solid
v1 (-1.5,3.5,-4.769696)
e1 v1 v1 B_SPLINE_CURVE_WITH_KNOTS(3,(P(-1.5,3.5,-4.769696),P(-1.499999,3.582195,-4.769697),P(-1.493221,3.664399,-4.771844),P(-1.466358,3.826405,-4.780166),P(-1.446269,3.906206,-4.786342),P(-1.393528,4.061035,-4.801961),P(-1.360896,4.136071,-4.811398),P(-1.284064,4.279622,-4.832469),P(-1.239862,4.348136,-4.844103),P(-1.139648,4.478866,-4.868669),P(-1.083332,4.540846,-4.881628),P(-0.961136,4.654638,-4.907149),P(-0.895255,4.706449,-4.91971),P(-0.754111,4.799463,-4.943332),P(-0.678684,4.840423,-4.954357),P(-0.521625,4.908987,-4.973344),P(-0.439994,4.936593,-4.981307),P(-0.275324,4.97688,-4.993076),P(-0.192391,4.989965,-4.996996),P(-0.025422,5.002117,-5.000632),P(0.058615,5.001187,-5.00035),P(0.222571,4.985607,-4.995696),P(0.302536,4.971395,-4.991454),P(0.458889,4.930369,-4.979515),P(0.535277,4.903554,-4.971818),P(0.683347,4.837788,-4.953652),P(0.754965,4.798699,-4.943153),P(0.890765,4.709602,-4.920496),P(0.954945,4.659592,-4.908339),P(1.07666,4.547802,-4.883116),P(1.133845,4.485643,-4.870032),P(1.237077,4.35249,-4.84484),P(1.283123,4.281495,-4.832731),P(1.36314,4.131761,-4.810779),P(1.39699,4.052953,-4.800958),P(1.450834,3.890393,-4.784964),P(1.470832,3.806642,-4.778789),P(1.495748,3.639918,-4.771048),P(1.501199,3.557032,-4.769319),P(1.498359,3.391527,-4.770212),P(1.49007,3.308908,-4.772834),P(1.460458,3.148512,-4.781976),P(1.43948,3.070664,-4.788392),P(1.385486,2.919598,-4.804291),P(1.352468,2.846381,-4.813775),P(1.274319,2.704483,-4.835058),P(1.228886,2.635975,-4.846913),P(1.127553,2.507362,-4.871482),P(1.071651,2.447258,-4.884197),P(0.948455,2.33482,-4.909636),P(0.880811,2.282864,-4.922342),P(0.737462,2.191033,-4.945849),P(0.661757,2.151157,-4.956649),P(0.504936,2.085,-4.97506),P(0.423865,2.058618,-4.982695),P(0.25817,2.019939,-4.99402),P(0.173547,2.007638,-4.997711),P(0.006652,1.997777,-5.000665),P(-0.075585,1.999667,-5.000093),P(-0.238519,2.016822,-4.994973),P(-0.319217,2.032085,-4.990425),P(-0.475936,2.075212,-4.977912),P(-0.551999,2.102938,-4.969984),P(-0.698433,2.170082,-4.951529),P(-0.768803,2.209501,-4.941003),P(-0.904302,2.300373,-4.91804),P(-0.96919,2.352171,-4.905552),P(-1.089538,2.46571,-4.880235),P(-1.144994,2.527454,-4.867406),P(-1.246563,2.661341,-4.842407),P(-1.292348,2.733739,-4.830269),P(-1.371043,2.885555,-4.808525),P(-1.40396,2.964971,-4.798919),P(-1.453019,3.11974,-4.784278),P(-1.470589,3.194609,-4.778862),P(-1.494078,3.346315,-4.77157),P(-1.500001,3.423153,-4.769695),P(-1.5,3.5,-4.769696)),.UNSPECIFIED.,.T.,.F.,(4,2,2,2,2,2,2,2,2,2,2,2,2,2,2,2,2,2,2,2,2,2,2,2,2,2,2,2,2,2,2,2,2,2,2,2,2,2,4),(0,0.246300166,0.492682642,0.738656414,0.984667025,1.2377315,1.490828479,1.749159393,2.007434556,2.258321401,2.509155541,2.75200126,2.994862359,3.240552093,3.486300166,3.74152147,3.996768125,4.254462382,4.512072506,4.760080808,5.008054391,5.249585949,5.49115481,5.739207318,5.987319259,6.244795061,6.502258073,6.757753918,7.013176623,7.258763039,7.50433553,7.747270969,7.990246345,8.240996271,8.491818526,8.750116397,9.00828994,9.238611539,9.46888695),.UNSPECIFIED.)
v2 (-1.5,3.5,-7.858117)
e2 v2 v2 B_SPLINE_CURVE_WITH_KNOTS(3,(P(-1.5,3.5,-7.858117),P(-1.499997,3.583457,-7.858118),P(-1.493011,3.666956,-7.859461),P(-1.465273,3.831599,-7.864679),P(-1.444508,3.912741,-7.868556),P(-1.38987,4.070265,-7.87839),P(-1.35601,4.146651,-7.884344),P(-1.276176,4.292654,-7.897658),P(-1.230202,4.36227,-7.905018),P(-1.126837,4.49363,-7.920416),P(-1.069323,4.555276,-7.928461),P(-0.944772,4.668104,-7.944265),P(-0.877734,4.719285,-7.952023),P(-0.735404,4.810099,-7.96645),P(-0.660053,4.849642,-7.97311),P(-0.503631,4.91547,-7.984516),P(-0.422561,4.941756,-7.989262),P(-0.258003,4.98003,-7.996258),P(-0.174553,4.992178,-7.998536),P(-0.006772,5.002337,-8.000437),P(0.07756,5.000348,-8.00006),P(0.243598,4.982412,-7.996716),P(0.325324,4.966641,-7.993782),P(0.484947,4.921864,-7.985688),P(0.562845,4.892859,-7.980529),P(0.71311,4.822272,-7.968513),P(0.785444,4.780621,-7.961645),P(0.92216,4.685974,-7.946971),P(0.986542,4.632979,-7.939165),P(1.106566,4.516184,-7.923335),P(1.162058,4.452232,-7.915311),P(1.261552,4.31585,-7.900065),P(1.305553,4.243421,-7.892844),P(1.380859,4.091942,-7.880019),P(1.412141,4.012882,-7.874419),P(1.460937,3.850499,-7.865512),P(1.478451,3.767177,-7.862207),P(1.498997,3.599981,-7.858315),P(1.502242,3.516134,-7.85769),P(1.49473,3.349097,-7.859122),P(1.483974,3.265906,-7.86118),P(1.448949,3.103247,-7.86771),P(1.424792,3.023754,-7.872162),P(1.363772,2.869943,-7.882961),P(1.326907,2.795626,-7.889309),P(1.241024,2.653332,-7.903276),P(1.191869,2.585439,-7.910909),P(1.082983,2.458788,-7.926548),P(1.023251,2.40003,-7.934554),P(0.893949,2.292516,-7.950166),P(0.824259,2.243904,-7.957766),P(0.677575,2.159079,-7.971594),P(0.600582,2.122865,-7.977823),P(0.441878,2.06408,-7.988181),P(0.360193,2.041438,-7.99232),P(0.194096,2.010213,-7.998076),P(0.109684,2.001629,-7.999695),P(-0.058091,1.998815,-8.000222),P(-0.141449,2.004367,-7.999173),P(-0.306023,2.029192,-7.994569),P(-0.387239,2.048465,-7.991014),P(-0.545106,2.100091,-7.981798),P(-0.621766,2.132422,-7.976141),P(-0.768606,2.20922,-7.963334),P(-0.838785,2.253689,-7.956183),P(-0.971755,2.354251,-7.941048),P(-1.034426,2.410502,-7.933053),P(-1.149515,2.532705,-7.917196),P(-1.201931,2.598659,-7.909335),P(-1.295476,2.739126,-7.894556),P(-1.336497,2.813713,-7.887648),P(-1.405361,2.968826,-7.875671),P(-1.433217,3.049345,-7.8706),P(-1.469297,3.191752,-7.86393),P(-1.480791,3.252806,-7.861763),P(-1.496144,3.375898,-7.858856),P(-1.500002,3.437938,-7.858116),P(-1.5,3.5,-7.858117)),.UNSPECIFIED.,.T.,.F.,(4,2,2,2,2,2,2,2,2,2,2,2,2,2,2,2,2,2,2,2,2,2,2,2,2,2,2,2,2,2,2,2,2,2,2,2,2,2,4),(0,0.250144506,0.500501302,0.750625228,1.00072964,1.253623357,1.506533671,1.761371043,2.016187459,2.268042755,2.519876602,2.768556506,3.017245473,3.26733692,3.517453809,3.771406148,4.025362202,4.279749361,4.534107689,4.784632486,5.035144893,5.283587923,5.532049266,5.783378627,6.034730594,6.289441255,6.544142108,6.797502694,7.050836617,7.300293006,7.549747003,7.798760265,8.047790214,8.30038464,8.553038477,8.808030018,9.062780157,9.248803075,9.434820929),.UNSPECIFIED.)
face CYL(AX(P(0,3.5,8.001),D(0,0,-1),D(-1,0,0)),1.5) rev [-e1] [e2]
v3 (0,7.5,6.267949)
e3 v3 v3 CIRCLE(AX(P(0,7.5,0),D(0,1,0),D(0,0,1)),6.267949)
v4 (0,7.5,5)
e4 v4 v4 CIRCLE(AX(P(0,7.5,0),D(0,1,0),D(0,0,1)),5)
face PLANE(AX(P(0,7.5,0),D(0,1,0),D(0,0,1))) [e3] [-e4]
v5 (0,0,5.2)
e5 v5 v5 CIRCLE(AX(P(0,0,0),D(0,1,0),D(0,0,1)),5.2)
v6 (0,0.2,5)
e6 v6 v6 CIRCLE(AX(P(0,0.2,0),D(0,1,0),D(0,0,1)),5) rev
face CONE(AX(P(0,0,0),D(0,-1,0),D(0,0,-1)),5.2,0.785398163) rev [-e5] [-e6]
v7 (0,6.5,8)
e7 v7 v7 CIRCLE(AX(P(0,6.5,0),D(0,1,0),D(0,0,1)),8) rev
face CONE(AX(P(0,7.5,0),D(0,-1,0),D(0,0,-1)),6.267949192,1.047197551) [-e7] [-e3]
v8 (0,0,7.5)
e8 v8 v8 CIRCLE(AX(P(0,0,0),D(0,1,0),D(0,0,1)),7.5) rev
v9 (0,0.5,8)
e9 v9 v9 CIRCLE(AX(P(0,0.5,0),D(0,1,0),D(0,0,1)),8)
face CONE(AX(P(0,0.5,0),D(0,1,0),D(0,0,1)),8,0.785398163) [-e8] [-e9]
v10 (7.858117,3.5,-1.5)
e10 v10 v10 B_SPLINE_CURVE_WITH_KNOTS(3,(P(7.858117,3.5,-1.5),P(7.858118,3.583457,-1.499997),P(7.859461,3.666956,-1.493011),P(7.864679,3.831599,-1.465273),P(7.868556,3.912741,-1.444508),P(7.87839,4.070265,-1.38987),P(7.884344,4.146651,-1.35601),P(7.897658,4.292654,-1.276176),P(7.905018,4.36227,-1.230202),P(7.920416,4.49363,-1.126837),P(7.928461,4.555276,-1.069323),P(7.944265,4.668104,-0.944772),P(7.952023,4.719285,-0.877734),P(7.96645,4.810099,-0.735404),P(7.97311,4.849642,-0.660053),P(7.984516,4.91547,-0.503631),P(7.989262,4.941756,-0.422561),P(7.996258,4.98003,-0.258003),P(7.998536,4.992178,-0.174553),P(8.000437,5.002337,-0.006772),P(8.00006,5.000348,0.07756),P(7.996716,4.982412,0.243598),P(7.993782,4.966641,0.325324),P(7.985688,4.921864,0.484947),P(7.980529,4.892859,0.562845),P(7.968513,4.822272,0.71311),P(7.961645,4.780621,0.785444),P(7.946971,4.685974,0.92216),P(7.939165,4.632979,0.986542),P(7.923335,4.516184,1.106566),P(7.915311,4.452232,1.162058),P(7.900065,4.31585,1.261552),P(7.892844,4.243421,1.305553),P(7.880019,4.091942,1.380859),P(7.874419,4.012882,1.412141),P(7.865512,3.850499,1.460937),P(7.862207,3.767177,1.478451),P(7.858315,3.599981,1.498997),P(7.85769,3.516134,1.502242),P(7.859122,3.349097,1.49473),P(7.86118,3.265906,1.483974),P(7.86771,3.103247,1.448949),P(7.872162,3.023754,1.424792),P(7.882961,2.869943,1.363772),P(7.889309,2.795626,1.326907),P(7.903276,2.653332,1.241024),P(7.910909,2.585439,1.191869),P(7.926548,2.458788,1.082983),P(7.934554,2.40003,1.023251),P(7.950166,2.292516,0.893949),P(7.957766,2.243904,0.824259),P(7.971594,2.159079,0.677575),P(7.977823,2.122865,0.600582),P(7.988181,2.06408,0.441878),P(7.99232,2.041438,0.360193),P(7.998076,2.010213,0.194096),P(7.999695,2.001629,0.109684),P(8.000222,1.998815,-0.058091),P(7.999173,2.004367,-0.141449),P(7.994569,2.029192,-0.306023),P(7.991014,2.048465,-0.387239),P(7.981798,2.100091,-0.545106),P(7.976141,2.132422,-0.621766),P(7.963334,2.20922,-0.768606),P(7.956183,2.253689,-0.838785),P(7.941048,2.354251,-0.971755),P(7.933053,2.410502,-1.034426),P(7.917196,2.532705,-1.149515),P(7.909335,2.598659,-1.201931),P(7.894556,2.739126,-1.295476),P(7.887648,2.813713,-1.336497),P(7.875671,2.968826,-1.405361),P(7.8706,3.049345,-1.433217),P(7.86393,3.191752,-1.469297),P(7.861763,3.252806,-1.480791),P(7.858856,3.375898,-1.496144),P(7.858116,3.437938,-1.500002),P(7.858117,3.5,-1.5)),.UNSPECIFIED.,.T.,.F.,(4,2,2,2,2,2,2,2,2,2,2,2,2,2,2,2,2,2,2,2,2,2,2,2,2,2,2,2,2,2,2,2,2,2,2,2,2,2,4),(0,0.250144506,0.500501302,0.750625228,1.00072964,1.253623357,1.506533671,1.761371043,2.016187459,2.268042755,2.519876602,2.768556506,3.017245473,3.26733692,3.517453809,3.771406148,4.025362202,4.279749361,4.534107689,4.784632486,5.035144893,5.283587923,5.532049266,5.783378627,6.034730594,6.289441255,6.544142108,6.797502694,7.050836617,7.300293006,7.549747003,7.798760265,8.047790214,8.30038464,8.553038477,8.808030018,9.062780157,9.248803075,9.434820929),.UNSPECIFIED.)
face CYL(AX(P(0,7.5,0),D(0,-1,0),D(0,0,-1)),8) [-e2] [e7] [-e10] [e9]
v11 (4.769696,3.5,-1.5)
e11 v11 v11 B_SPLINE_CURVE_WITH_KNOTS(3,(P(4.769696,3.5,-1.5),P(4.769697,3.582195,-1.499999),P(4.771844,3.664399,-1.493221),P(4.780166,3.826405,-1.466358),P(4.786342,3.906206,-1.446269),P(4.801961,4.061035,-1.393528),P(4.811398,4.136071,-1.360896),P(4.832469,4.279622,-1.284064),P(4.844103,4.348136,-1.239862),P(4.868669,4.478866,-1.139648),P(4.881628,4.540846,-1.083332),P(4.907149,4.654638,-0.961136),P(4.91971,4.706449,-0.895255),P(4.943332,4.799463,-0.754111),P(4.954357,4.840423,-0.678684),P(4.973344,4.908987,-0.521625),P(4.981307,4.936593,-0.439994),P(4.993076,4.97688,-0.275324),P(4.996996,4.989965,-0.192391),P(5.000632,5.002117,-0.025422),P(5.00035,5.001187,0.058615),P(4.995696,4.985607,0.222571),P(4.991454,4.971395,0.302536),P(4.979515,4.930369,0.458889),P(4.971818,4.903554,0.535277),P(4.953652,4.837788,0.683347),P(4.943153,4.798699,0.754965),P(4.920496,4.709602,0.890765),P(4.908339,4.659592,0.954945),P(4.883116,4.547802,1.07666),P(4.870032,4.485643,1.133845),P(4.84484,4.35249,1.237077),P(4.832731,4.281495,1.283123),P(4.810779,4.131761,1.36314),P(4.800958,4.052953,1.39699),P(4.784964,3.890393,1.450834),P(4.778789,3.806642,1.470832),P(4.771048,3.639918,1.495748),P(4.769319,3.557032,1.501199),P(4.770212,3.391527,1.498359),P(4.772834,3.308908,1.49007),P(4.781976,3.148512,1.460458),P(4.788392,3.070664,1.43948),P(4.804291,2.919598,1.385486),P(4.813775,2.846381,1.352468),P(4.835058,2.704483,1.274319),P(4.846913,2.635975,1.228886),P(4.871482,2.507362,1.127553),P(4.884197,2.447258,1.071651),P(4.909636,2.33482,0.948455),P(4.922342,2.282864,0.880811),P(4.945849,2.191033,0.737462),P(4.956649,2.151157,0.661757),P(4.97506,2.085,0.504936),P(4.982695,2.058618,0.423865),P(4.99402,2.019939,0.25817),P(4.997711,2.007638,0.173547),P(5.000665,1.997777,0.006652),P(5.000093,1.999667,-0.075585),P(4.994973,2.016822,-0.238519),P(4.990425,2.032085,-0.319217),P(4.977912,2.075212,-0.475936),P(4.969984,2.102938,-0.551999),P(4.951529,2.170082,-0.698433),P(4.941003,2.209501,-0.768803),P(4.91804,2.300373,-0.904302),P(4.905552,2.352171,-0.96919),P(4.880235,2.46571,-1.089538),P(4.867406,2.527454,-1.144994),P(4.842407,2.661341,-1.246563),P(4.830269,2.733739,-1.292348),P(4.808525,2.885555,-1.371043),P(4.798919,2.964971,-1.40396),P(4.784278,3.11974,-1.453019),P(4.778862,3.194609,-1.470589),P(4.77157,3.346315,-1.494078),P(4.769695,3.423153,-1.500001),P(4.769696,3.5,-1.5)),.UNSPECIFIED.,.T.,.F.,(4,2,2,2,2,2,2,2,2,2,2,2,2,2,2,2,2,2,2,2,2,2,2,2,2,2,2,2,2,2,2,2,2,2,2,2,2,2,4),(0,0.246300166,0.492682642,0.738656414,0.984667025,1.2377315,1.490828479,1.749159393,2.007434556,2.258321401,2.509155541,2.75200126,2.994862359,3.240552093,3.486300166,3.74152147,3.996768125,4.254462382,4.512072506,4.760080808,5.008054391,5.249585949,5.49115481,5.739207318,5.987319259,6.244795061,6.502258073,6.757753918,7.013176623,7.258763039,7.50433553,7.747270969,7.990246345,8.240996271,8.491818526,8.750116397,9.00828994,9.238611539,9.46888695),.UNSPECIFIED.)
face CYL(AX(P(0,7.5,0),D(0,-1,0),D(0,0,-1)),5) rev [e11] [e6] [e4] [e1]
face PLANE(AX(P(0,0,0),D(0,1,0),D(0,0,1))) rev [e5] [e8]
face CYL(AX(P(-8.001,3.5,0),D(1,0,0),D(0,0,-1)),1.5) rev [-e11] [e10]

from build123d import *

# Parameters (mm, degrees)
SKETCH1_R           = 8
SKETCH1_R_2         = 5
BOSS_EXTRUDE1_DEPTH = 7.5
CHAMFER1_SIZE       = 1
CHAMFER1_SIZE2      = 1.732050808
CHAMFER2_SIZE       = 0.5
CHAMFER3_SIZE       = 0.2
CUT_EXTRUDE1_START  = -3.230304
SKETCH2_R           = 1.5
CUT_EXTRUDE1_DEPTH  = 3.230304
CIRPATTERN1_COUNT   = 2
CIRPATTERN1_ANGLE   = 90


with BuildPart() as part:
    # Sketch1 → Boss-Extrude1 (new body)
    with BuildSketch(Plane(origin=(0, 0, 0), x_dir=(1, 0, 0), z_dir=(0, 1, 0))):
        Circle(SKETCH1_R)
        Circle(SKETCH1_R_2, mode=Mode.SUBTRACT)
    extrude(amount=BOSS_EXTRUDE1_DEPTH)

    # Chamfer1
    chamfer1_edges = [part.edges().sort_by_distance(p)[0] for p in [
        (-8, 7.5, 0),
    ]]
    chamfer1_side = [part.faces().sort_by_distance(p)[0] for p in [
        (-8, 3.75, 0),
    ]]
    chamfer(chamfer1_edges, length=CHAMFER1_SIZE, length2=CHAMFER1_SIZE2, reference=chamfer1_side[0])

    # Chamfer2
    chamfer2_edges = [part.edges().sort_by_distance(p)[0] for p in [
        (-8, 0, 0),
    ]]
    chamfer(chamfer2_edges, length=CHAMFER2_SIZE)

    # Chamfer3
    chamfer3_edges = [part.edges().sort_by_distance(p)[0] for p in [
        (-5, 0, 0),
    ]]
    chamfer(chamfer3_edges, length=CHAMFER3_SIZE)

    # Sketch2 → Cut-Extrude1 (cut)
    with BuildSketch(Plane(origin=(8, 0, 0), x_dir=(0, 0, -1), z_dir=(1, 0, 0)).offset(CUT_EXTRUDE1_START)):
        with Locations((0, 3.5)):
            Circle(SKETCH2_R)
    cut_extrude1 = extrude(amount=CUT_EXTRUDE1_DEPTH, mode=Mode.SUBTRACT)

    # CirPattern1: Cut-Extrude1 ×2 about axis
    cirpattern1_axis = Axis((0, 7.5, 0), (0, 1, 0))
    for i in range(1, CIRPATTERN1_COUNT):
        add(cut_extrude1.rotate(cirpattern1_axis, i * CIRPATTERN1_ANGLE / (CIRPATTERN1_COUNT - 1)), mode=Mode.SUBTRACT)


solid = part.part
